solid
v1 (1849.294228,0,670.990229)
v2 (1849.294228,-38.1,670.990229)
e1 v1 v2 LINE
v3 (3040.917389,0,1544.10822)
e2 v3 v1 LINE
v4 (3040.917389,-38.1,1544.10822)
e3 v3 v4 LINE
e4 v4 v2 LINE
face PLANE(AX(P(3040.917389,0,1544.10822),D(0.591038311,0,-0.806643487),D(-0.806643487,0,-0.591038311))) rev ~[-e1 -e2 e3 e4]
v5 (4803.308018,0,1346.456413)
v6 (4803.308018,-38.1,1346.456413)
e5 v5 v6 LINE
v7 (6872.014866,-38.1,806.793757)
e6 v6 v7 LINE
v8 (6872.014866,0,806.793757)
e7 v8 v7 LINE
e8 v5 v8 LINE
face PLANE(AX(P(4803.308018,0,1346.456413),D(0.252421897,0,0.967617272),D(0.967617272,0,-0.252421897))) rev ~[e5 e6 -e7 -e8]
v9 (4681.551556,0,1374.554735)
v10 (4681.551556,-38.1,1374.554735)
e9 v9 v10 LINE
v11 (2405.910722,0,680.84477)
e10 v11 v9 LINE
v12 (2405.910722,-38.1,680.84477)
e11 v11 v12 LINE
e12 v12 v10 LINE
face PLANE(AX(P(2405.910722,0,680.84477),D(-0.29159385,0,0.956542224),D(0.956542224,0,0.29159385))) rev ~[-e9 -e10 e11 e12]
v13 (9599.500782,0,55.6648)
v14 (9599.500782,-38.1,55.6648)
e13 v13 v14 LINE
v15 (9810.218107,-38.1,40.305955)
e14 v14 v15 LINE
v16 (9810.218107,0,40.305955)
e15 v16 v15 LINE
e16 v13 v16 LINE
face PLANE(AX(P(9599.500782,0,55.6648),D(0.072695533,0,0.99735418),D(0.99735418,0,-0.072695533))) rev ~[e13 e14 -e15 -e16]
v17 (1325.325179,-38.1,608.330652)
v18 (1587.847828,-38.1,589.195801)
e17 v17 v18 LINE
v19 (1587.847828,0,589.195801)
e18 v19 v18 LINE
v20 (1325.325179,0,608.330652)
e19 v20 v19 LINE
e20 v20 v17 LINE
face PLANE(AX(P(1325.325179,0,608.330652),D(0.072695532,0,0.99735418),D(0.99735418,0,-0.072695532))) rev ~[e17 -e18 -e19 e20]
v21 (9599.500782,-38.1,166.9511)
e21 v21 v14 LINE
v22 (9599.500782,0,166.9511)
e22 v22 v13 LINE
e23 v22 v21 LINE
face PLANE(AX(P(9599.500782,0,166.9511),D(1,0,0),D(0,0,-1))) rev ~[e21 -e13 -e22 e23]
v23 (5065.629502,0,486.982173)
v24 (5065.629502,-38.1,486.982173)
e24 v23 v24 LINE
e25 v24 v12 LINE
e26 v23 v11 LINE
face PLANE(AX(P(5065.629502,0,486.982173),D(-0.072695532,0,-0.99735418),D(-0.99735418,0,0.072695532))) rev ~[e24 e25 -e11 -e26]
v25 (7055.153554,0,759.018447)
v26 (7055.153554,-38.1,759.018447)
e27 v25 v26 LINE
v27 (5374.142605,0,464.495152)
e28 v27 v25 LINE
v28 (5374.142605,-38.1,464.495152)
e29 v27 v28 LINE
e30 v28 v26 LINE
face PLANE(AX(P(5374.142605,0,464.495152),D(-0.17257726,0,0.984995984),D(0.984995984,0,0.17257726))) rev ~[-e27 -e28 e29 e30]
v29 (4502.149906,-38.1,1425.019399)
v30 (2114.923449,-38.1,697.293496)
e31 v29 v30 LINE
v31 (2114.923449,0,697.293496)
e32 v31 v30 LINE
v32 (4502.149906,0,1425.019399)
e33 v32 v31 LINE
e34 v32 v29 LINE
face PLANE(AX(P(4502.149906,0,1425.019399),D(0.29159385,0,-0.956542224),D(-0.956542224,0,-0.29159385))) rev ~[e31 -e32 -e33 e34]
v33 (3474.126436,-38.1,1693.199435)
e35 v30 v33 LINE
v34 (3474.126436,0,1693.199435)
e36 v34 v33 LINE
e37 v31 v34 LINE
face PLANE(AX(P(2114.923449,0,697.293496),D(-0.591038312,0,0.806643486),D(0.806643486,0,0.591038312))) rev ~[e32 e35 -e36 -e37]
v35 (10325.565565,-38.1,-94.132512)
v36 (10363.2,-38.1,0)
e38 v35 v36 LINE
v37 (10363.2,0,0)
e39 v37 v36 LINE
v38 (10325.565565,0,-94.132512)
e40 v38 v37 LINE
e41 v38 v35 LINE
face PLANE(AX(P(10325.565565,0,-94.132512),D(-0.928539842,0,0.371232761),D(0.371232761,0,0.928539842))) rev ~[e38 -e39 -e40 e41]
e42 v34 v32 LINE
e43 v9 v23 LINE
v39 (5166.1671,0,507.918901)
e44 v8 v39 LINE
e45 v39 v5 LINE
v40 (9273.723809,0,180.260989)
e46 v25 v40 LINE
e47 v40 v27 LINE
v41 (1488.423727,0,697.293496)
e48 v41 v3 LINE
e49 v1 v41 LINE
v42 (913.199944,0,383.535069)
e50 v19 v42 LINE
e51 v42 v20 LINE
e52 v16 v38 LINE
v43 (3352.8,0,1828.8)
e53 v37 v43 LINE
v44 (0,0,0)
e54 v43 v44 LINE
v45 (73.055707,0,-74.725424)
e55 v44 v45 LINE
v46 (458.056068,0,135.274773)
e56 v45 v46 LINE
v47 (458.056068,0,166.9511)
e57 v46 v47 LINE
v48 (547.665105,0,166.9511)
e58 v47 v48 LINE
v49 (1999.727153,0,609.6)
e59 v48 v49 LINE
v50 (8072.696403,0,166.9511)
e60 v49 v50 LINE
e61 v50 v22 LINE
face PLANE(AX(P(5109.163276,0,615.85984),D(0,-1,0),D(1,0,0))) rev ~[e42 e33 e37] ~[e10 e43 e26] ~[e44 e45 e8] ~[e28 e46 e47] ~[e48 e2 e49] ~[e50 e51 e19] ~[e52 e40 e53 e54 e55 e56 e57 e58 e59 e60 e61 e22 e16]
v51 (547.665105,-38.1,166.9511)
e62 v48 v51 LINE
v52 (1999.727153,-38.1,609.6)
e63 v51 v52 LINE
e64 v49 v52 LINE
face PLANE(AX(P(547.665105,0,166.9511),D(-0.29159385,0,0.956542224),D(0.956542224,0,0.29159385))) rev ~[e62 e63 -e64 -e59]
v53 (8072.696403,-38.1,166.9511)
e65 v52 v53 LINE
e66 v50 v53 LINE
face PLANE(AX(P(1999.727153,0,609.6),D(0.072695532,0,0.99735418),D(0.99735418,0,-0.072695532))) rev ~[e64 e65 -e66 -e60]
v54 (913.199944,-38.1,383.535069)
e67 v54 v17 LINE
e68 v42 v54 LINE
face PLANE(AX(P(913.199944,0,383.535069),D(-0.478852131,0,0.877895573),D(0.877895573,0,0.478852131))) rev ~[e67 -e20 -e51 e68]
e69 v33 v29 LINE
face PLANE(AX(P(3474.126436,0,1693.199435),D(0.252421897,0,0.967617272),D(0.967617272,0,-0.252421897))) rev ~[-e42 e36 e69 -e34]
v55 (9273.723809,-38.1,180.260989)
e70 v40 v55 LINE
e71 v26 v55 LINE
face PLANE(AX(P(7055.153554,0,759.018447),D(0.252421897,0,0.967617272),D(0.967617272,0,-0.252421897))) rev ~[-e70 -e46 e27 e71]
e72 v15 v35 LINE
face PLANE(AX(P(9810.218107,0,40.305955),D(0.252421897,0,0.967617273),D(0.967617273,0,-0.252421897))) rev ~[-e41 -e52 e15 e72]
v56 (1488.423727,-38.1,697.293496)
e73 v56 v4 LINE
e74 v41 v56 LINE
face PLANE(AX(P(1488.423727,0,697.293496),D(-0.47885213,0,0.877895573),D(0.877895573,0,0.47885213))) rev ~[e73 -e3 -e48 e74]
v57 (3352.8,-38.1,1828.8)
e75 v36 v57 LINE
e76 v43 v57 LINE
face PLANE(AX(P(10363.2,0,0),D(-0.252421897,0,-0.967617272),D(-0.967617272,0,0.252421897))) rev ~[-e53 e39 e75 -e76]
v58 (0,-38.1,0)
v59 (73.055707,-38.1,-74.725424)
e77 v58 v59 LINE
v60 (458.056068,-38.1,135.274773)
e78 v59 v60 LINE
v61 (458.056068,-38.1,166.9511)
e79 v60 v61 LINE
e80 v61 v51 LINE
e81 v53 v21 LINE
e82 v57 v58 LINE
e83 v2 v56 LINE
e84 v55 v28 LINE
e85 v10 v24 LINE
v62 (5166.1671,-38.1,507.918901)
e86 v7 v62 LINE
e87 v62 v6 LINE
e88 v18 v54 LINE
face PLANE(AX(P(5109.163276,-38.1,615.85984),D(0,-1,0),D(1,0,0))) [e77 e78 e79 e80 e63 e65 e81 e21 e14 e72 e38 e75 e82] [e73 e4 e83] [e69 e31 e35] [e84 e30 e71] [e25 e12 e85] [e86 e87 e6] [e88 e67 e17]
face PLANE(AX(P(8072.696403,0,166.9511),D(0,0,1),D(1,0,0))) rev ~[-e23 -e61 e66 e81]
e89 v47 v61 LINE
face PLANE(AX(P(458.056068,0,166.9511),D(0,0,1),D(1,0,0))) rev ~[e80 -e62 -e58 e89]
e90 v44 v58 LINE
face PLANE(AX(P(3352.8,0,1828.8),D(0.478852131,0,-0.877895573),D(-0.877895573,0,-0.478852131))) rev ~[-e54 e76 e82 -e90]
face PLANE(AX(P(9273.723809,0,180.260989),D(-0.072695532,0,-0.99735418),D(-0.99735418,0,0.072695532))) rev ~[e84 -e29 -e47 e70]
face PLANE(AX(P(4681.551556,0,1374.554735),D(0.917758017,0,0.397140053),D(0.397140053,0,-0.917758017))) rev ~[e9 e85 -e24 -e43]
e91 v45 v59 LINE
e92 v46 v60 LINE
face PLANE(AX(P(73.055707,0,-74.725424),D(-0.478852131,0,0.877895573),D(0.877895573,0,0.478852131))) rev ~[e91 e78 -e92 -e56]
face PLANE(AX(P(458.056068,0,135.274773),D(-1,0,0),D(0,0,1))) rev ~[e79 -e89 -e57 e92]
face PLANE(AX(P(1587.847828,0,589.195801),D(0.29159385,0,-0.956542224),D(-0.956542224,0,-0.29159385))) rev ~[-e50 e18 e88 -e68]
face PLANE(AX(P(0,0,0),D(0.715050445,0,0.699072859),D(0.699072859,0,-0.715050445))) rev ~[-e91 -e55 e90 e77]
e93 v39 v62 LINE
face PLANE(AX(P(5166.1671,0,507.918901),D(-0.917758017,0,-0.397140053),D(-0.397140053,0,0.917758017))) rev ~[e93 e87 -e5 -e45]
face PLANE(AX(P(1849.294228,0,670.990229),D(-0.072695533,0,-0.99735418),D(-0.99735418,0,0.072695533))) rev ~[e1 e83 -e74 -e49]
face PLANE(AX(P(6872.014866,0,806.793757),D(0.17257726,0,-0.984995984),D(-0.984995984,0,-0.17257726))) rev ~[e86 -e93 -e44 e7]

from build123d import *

# Parameters (mm, degrees)
F1_DEPTH = 38.1


with BuildPart() as f1:
    # F0 (on Front) → F1 (new body)
    with BuildSketch(Plane.XZ):
        Polygon((3352.8, 1828.8), (0, 0), (73.055707, -74.725424), (458.056068, 135.274773), (458.056068, 166.9511), (547.665105, 166.9511), (1999.727153, 609.6), (8072.696403, 166.9511), (9599.500782, 166.9511), (9599.500782, 55.6648), (9810.218107, 40.305955), (10363.2, 0), align=None)
        Polygon((1587.847828, 589.195801), (913.199944, 383.535069), (1325.325179, 608.330652), align=None, mode=Mode.SUBTRACT)
        Polygon((9273.723809, 180.260989), (5374.142605, 464.495152), (7055.153554, 759.018447), align=None, mode=Mode.SUBTRACT)
        Polygon((1849.294228, 670.990229), (1488.423727, 697.293496), (3040.917389, 1544.10822), align=None, mode=Mode.SUBTRACT)
        Polygon((5065.629502, 486.982173), (2405.910722, 680.84477), (4681.551556, 1374.554735), align=None, mode=Mode.SUBTRACT)
        Polygon((4502.149906, 1425.019399), (2114.923449, 697.293496), (3474.126436, 1693.199435), align=None, mode=Mode.SUBTRACT)
        Polygon((5166.1671, 507.918901), (4803.308018, 1346.456413), (6872.014866, 806.793757), align=None, mode=Mode.SUBTRACT)
        Polygon((10325.565565, -94.132512), (10363.2, 0), (9810.218107, 40.305955), align=None)
    extrude(amount=F1_DEPTH)


solid = f1.part
